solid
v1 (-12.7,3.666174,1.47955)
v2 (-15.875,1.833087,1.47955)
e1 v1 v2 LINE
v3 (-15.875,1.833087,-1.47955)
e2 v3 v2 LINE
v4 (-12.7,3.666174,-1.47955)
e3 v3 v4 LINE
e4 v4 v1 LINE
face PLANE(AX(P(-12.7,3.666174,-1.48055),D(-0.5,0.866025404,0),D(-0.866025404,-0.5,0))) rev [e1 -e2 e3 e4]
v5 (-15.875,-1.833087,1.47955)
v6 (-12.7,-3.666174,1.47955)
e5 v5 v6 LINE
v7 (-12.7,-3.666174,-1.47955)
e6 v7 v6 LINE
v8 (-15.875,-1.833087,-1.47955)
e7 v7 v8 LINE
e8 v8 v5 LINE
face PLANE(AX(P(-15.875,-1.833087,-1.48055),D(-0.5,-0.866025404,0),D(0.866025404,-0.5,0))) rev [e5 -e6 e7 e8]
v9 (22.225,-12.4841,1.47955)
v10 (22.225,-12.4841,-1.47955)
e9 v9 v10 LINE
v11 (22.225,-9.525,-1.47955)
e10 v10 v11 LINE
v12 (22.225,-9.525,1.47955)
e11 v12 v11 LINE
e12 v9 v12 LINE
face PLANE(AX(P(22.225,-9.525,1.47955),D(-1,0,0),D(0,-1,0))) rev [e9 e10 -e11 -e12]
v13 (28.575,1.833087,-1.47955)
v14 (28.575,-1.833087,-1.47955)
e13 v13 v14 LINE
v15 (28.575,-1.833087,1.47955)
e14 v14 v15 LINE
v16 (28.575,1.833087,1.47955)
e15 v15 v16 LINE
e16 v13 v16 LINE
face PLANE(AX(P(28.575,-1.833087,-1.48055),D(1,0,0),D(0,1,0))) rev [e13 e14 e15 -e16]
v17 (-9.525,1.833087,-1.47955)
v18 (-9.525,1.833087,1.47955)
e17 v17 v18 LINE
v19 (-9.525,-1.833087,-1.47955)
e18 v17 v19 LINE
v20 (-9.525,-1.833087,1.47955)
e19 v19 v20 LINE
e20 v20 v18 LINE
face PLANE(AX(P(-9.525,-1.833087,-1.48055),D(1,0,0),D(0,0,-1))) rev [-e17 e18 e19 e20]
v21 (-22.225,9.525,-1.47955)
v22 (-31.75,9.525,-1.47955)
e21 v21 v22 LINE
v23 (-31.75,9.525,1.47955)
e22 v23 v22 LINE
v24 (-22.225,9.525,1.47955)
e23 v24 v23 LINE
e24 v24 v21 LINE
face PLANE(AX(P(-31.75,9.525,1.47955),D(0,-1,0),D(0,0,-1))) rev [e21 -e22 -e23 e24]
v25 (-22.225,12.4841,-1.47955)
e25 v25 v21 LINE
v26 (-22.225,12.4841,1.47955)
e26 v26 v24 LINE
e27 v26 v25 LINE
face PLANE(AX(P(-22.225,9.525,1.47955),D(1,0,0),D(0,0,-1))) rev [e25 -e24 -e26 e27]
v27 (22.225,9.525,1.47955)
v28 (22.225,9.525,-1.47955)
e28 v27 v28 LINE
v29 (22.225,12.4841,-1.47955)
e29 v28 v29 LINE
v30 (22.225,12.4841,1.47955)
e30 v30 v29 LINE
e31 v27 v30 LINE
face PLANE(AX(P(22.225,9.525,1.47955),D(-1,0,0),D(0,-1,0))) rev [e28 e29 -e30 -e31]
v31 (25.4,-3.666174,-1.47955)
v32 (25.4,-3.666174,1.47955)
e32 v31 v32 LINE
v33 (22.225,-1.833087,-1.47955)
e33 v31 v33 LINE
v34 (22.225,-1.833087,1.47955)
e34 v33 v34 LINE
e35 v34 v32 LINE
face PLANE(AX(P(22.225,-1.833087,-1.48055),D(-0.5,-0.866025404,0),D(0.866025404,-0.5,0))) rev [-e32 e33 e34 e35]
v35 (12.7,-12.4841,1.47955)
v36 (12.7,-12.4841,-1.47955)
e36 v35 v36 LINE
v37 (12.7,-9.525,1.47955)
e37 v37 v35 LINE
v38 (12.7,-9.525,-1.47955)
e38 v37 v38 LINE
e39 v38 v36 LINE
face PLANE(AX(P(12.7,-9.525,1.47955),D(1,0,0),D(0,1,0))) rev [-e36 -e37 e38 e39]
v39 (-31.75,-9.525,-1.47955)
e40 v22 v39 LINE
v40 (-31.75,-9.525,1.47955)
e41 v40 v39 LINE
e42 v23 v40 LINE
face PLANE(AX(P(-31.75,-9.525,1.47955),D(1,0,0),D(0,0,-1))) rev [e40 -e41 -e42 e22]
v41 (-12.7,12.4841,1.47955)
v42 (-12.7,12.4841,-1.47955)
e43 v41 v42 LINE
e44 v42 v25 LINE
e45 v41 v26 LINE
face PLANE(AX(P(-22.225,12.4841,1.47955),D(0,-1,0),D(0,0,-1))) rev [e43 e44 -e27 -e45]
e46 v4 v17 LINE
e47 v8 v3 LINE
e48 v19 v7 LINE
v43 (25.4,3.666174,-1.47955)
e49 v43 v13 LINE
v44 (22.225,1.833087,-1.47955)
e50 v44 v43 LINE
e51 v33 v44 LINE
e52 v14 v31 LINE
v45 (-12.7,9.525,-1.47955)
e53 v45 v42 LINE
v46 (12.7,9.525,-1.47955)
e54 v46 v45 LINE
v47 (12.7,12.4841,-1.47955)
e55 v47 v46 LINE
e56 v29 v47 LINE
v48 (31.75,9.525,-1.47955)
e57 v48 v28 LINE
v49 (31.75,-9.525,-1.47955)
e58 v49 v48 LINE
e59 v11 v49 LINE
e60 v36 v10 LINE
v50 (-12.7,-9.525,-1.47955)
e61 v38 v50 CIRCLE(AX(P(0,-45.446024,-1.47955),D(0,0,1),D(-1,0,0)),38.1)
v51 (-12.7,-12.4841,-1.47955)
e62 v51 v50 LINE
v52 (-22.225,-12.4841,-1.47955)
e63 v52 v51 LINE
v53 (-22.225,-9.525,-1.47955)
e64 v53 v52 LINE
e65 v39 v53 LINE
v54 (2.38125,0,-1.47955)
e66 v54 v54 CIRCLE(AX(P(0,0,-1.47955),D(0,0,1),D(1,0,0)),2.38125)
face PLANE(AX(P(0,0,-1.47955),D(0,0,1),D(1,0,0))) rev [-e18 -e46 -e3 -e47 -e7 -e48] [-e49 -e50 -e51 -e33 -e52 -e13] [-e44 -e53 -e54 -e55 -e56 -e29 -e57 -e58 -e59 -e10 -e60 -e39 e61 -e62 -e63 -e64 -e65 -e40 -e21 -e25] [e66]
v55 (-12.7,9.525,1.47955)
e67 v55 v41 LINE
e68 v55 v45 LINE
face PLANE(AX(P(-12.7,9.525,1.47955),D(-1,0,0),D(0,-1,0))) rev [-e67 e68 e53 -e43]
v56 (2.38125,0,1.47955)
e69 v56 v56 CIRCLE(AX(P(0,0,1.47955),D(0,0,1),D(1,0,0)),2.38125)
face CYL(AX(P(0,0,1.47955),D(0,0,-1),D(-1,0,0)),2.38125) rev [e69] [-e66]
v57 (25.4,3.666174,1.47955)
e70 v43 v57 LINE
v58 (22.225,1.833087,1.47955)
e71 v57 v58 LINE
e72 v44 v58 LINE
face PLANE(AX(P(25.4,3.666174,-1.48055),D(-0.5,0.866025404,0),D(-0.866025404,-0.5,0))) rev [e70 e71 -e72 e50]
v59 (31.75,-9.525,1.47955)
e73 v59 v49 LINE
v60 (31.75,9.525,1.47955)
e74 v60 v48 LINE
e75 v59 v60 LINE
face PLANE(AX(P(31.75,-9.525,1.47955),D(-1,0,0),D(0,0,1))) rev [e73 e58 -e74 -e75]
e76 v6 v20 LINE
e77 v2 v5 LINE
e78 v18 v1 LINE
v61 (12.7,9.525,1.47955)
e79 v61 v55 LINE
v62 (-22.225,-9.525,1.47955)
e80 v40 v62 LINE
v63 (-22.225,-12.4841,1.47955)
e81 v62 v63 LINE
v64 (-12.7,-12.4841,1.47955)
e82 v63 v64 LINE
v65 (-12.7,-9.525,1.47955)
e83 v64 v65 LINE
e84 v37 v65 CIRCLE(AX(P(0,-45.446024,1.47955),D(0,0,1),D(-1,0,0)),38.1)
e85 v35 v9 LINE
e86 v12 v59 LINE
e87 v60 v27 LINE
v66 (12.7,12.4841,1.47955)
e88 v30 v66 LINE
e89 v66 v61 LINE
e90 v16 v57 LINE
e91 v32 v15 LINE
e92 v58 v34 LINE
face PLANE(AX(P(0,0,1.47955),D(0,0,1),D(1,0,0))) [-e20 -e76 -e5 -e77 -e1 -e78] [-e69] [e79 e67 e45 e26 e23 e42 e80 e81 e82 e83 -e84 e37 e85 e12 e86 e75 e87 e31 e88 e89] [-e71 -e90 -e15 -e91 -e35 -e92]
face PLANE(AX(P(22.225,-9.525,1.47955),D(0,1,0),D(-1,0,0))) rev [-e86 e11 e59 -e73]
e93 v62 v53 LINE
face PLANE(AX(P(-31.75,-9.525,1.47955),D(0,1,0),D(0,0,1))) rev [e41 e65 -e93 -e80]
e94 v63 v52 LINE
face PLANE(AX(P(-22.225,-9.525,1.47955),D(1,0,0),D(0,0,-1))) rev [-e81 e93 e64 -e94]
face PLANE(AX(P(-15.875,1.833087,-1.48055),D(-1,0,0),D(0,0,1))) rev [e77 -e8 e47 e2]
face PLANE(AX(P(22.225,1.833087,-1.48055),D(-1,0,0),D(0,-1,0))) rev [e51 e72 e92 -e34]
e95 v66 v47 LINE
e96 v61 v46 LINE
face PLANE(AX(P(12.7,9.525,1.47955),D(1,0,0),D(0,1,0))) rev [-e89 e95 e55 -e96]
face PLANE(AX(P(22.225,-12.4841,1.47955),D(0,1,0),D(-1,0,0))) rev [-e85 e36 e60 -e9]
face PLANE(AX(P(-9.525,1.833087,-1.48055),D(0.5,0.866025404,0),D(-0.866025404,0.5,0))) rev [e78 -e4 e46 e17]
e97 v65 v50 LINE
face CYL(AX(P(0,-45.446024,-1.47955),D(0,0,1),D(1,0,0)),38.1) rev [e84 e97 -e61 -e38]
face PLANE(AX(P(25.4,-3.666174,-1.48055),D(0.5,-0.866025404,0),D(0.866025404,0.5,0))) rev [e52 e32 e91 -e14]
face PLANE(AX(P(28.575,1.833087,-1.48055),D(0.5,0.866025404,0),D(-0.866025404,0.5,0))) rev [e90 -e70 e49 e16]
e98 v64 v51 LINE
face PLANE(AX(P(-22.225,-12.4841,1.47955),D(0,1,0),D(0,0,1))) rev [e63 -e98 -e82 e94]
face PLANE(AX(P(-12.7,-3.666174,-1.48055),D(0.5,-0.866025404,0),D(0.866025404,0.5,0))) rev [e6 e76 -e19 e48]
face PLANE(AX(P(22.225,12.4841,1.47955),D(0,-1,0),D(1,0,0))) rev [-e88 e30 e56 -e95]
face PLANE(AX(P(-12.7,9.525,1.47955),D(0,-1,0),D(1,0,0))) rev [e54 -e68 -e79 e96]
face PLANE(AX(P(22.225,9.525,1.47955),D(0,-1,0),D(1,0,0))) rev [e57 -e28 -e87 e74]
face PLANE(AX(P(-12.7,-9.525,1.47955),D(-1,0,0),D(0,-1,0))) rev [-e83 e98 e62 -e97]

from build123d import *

# Parameters (mm, degrees)
SKETCH1_R           = 2.38125
BOSS_EXTRUDE1_DEPTH = 1.47955
CUT_EXTRUDE1_REACH  = 4.959
CUT_EXTRUDE2_REACH  = 4.959
CUT_EXTRUDE3_DEPTH  = 3.9591


with BuildPart() as part:
    # Sketch1 → Boss-Extrude1 (new body, symmetric)
    with BuildSketch(Plane.XY):
        Polygon((-12.7, 9.525), (12.7, 9.525), (12.7, 12.4841), (22.225, 12.4841), (22.225, 9.525), (31.75, 9.525), (31.75, -9.525), (22.225, -9.525), (22.225, -12.4841), (12.7, -12.4841), (12.7, -9.525), (-12.7, -9.525), (-12.7, -12.4841), (-22.225, -12.4841), (-22.225, -9.525), (-31.75, -9.525), (-31.75, 9.525), (-22.225, 9.525), (-22.225, 12.4841), (-12.7, 12.4841), align=None)
        Circle(SKETCH1_R, mode=Mode.SUBTRACT)
    extrude(amount=BOSS_EXTRUDE1_DEPTH, both=True)

    # Sketch2 → Cut-Extrude1 (cut, up to next)
    with BuildSketch(Plane.XY.offset(1.47955), mode=Mode.PRIVATE) as cut_extrude1_sk1:
        Polygon((-12.7, -3.666174209), (-9.525, -1.833087105), (-9.525, 1.833087105), (-12.7, 3.666174209), (-15.875, 1.833087105), (-15.875, -1.833087105), align=None)
    cut_extrude1_tool1 = extrude(cut_extrude1_sk1.sketch, amount=-CUT_EXTRUDE1_REACH, mode=Mode.PRIVATE) & part.part
    add(cut_extrude1_tool1.solids().sort_by_distance((-12.7, 0, 1.47955))[0], mode=Mode.SUBTRACT)

    # Sketch3 → Cut-Extrude2 (cut, up to next)
    with BuildSketch(Plane.XY.offset(1.47955), mode=Mode.PRIVATE) as cut_extrude2_sk1:
        Polygon((25.4, -3.666174209), (28.575, -1.833087105), (28.575, 1.833087105), (25.4, 3.666174209), (22.225, 1.833087105), (22.225, -1.833087105), align=None)
    cut_extrude2_tool1 = extrude(cut_extrude2_sk1.sketch, amount=-CUT_EXTRUDE2_REACH, mode=Mode.PRIVATE) & part.part
    add(cut_extrude2_tool1.solids().sort_by_distance((25.4, 0, 1.47955))[0], mode=Mode.SUBTRACT)

    # Sketch4 → Cut-Extrude3 (cut, through all)
    with BuildSketch(Plane.XY.offset(1.47955)):
        with BuildLine():
            Line((-12.7, -9.525), (12.7, -9.525))
            ThreePointArc((12.7, -9.525), (0, -7.346024484), (-12.7, -9.525))
        make_face()
    extrude(amount=-CUT_EXTRUDE3_DEPTH, mode=Mode.SUBTRACT)


solid = part.part
